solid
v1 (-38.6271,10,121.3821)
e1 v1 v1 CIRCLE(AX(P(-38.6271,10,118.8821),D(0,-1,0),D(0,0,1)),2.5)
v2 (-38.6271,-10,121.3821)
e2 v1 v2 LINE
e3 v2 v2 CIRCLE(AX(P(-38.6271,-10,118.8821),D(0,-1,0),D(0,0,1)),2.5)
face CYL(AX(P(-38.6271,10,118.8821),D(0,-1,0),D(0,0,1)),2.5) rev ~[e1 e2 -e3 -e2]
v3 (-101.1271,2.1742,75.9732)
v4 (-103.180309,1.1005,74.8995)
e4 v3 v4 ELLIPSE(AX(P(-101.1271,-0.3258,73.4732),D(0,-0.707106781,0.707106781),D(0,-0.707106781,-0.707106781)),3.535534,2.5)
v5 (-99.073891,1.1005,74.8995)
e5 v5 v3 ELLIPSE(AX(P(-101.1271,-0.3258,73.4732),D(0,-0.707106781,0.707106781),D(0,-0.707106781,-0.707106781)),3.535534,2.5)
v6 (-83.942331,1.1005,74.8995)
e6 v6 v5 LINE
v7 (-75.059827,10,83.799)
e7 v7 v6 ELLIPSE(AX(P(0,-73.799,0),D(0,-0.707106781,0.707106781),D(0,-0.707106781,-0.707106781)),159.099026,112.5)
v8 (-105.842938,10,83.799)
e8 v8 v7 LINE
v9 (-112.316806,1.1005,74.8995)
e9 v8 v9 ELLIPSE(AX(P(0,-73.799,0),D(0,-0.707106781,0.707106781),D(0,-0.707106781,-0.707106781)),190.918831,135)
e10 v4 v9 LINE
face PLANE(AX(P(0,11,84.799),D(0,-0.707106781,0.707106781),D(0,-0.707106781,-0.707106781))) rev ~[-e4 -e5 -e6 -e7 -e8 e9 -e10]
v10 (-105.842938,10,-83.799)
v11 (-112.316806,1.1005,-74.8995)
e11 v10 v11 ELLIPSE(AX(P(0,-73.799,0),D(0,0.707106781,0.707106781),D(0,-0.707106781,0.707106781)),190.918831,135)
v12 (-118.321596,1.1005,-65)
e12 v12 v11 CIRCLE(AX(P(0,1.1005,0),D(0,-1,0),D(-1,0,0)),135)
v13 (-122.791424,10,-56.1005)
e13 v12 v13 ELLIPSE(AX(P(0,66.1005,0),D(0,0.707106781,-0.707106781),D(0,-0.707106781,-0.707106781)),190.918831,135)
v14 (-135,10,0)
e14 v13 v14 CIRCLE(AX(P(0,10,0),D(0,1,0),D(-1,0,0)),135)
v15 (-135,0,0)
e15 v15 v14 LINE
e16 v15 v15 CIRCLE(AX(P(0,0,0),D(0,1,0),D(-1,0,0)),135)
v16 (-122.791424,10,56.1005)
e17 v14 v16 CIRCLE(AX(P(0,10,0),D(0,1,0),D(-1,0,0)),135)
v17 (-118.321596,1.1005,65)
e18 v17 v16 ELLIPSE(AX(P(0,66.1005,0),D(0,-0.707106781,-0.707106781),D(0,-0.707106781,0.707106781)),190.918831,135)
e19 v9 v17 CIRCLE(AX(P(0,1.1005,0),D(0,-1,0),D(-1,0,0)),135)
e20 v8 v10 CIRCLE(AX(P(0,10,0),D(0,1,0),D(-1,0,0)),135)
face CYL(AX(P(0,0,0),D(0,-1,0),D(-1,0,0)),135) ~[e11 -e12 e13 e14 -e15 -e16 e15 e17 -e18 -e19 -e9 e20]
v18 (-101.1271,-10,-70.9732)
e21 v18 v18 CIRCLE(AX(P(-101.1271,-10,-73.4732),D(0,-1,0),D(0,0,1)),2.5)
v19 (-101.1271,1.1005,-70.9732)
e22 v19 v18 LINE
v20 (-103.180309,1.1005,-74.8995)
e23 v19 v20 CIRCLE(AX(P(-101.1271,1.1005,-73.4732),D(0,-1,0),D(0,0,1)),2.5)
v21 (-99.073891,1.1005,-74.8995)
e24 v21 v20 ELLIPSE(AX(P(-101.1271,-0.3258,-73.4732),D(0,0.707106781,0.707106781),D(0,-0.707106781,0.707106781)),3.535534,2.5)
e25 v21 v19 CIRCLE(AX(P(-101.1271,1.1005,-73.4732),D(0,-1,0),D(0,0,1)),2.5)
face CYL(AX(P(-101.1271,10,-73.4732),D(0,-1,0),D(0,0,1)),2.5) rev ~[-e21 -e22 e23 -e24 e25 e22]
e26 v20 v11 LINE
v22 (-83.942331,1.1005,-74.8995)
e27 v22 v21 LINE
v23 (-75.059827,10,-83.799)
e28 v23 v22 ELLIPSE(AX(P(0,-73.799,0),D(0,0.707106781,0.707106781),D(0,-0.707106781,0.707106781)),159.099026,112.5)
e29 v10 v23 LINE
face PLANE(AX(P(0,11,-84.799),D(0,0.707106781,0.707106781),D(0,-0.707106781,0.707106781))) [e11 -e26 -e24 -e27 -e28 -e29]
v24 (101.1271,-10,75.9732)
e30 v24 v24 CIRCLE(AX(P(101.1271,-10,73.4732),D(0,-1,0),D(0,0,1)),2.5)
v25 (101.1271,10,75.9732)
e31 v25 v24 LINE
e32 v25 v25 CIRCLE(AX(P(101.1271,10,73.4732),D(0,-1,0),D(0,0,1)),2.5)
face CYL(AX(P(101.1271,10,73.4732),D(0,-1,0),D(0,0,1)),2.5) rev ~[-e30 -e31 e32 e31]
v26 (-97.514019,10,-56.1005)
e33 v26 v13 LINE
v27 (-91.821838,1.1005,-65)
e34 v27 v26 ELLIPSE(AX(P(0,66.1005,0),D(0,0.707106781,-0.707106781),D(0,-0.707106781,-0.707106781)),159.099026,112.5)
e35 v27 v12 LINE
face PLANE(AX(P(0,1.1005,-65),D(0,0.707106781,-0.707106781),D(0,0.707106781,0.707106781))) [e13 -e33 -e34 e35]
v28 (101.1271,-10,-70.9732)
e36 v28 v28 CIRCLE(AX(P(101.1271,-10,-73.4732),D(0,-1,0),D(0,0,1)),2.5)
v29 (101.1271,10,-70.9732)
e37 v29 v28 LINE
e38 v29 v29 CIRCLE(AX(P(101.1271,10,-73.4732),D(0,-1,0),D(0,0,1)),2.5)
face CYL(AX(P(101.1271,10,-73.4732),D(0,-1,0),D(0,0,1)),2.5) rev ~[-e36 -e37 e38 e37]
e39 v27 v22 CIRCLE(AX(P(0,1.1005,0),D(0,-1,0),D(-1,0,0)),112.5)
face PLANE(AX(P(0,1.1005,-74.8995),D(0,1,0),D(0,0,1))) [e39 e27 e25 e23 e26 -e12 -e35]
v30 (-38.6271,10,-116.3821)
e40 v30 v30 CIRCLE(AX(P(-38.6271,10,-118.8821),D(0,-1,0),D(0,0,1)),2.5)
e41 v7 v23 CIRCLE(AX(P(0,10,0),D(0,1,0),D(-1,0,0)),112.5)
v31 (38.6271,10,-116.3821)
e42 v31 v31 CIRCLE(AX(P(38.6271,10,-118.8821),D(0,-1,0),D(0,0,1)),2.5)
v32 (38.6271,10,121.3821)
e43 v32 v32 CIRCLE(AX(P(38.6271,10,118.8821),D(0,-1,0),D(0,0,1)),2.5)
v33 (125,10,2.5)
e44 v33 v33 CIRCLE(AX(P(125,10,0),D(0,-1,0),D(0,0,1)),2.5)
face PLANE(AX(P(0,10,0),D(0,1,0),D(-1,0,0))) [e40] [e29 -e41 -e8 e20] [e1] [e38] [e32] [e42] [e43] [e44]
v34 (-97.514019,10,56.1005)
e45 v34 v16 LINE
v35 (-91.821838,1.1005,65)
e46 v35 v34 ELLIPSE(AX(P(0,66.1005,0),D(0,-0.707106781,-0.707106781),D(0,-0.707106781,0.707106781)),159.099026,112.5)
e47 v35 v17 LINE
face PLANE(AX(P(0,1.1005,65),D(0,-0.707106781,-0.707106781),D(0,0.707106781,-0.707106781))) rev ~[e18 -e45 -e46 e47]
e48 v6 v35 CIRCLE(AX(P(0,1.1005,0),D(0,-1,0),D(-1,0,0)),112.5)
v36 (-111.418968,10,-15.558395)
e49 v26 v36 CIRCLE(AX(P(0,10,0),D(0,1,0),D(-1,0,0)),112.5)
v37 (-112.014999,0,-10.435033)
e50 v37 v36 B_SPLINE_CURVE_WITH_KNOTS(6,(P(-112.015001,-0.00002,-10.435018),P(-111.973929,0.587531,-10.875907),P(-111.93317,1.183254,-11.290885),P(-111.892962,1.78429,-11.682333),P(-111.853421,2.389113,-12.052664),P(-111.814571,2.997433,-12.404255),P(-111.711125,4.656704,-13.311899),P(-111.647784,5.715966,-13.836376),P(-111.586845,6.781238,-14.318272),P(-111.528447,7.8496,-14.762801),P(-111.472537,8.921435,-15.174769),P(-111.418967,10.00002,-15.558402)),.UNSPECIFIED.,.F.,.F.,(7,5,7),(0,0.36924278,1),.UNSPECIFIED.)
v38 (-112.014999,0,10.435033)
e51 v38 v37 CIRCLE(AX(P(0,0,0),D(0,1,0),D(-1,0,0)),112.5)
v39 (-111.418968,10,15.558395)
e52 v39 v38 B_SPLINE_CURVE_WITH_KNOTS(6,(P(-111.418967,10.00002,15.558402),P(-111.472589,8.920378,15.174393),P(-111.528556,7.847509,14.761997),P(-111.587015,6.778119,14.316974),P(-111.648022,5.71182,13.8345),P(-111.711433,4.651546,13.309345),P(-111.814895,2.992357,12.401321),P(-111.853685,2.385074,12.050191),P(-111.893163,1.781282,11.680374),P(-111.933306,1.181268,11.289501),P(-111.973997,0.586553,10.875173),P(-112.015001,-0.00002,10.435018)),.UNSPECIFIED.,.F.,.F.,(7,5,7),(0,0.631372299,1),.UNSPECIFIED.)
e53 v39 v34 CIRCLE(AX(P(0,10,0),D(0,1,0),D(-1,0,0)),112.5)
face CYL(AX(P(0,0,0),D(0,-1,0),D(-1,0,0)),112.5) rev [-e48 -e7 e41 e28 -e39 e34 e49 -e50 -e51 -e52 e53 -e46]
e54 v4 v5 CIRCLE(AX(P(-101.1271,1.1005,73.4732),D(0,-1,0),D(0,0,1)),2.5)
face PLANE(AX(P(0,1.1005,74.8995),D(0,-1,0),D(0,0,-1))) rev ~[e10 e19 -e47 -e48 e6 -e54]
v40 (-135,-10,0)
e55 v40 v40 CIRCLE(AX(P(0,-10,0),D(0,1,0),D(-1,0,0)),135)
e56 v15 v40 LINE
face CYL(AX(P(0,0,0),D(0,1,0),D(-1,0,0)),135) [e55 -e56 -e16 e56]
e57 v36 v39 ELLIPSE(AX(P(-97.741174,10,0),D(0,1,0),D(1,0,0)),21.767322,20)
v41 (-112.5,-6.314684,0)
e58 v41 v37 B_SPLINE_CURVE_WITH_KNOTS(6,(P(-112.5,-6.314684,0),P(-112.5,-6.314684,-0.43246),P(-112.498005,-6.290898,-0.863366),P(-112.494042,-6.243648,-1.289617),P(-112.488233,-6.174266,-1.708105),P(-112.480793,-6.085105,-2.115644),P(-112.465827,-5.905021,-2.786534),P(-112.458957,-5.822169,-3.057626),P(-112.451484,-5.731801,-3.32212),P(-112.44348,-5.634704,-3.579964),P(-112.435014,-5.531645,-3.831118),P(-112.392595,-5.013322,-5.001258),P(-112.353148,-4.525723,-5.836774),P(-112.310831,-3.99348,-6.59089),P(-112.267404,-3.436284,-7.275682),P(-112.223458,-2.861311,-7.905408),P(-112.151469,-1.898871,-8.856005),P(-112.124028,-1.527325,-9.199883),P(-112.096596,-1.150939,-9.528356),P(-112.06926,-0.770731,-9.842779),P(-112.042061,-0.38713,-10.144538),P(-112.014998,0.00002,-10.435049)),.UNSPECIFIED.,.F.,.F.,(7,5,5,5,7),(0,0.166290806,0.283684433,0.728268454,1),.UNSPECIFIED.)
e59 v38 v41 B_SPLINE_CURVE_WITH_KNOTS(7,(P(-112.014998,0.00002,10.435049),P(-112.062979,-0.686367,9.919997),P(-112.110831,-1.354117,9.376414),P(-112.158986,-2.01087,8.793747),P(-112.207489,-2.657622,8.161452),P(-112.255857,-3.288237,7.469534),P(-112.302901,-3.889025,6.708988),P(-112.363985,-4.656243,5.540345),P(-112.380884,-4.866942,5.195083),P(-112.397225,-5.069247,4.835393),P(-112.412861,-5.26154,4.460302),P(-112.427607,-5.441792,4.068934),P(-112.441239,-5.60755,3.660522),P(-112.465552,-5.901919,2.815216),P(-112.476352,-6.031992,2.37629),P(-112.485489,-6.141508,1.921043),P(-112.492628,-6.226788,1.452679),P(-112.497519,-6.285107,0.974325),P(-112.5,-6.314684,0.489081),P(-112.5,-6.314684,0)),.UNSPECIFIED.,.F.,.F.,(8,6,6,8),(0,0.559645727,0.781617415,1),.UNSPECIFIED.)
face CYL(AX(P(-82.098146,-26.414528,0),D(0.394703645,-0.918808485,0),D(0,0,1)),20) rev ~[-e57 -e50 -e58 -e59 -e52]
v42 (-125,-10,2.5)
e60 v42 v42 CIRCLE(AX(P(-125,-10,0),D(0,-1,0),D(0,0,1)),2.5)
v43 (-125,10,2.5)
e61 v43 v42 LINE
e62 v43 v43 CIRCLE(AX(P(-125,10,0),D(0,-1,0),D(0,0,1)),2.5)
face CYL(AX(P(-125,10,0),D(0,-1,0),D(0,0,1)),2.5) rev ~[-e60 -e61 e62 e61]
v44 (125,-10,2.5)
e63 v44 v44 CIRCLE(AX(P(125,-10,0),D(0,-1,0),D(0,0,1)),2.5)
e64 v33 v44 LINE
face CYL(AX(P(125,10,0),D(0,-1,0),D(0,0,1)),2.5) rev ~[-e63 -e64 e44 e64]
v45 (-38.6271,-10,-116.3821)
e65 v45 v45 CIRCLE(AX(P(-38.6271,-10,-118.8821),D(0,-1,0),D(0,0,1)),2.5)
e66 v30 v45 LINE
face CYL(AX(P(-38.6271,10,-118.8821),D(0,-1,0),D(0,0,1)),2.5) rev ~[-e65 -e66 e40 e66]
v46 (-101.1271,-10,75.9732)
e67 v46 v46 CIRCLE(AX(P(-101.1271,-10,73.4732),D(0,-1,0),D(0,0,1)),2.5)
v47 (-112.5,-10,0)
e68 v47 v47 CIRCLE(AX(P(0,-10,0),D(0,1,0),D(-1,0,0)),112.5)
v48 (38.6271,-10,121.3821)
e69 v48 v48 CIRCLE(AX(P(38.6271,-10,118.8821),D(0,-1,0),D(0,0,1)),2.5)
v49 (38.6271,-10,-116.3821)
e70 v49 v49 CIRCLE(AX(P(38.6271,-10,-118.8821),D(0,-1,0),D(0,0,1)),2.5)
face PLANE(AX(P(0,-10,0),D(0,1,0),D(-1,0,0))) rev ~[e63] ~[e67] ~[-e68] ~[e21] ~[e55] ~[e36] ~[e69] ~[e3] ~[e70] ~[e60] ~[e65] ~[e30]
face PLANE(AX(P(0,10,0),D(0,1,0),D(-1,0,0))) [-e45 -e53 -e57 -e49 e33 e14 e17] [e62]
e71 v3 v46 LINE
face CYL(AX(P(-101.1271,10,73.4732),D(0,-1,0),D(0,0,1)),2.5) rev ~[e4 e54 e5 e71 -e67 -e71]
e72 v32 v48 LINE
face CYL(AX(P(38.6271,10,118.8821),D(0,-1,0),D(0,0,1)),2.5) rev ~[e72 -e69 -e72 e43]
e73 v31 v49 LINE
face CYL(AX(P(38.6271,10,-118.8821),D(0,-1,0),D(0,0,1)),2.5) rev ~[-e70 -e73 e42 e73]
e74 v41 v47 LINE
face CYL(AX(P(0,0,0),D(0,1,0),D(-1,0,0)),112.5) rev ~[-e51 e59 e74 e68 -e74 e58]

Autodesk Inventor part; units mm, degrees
ref_plane "YZ Plane" through (0, 0, 0) normal (1, 0, 0) x (0, 1, 0)
sketch "Sketch1" plane through (0, 0, 0) normal (0, 1, 0) x (-1, 0, 0)
  circle A0 centre (0, 0) radius 135
  circle A1 centre (0, 0) radius 112.5
  dimension "d0" = 270
  dimension "d1" = 225
extrude "Extrusion1" add sketch "Sketch1" along normal mid plane 20
sketch "Sketch3" plane through (0, 10, 0) normal (0, 1, 0) x (1, 0, 0)
  circle A0 centre (0, 0) radius 125
  circle A1 centre (125, 0) radius 2.5
  circle A2 centre (101.1271, 73.4732) radius 2.5
  circle A3 centre (38.6271, 118.8821) radius 2.5
  circle A4 centre (-38.6271, 118.8821) radius 2.5
  circle A5 centre (-101.1271, 73.4732) radius 2.5
  circle A6 centre (-125, 0) radius 2.5
  circle A7 centre (-101.1271, -73.4732) radius 2.5
  circle A8 centre (-38.6271, -118.8821) radius 2.5
  circle A9 centre (38.6271, -118.8821) radius 2.5
  circle A10 centre (101.1271, -73.4732) radius 2.5
  dimension "d7" = 250
  dimension "d8" = 5
  dimension "d11" = 360
hole "Hole1" at (125, 10, 0) at (101.1271, 10, 73.4732) at (38.6271, 10, 118.8821) at (-38.6271, 10, 118.8821) at (-101.1271, 10, 73.4732) at (-125, 10, 0) at (-101.1271, 10, -73.4732) at (-38.6271, 10, -118.8821) at (38.6271, 10, -118.8821) at (101.1271, 10, -73.4732) direction (0, -1, 0) diameter 5 end through all
ref_plane "Work Plane6" through (-134.9375, 20, -12.7) normal (0.3947, -0.9188, 0) x (0, 0, 1)
ref_plane "Work Plane7" through (-109.8713, -38.3432, -12.7) normal (0.3947, -0.9188, 0) x (0, 0, 1)
sketch "Sketch5" plane through (-109.8713, -38.3432, -12.7) normal (0.3947, -0.9188, 0) x (0, 0, 1)
  circle A0 centre (12.7, -30.2265) radius 20
  point P0 (12.7, -116.0845)
  dimension "d26" = 40
  dimension "d27" = 85.858
extrude "Extrusion4" cut sketch "Sketch5" against normal blind 251.3
sketch "Sketch6" plane through (0, 0, 0) normal (1, 0, 0) x (0, 1, 0)
  line L0 (10, 15.5601) -> (10, -15.5601) projected
  line L1 (10, 0) -> (-10, 0)
  line L2 (-10, -2.5) -> (-10, 2.5) projected
  line L3 (11, -84.799) -> (1.1005, -74.8995)
  line L4 (11, -84.799) -> (25, -84.799) construction
  line L5 (11, -84.799) -> (11, -65)
  line L6 (1.1005, -74.8995) -> (1.1005, -65)
  line L7 (1.1005, -65) -> (11, -55.1005)
  line L8 (1.1005, -65) -> (15.1005, -65) construction
  line L9 (11, -55.1005) -> (11, -65)
  line L10 (11, 84.799) -> (1.1005, 74.8995)
  line L11 (11, 84.799) -> (25, 84.799) construction
  line L12 (11, 84.799) -> (11, 65)
  line L13 (1.1005, 74.8995) -> (1.1005, 65)
  line L14 (1.1005, 65) -> (11, 55.1005)
  line L15 (1.1005, 65) -> (15.1005, 65) construction
  line L16 (11, 55.1005) -> (11, 65)
  point P0 (0, 0)
  dimension "d30" = 14
  dimension "d31" = 135
  dimension "d34" = 65
  dimension "d35" = 14
  dimension "d36" = 45
extrude "Extrusion5" cut sketch "Sketch6" against normal through all
properties part number "Cylinder Spacer (x3)"
